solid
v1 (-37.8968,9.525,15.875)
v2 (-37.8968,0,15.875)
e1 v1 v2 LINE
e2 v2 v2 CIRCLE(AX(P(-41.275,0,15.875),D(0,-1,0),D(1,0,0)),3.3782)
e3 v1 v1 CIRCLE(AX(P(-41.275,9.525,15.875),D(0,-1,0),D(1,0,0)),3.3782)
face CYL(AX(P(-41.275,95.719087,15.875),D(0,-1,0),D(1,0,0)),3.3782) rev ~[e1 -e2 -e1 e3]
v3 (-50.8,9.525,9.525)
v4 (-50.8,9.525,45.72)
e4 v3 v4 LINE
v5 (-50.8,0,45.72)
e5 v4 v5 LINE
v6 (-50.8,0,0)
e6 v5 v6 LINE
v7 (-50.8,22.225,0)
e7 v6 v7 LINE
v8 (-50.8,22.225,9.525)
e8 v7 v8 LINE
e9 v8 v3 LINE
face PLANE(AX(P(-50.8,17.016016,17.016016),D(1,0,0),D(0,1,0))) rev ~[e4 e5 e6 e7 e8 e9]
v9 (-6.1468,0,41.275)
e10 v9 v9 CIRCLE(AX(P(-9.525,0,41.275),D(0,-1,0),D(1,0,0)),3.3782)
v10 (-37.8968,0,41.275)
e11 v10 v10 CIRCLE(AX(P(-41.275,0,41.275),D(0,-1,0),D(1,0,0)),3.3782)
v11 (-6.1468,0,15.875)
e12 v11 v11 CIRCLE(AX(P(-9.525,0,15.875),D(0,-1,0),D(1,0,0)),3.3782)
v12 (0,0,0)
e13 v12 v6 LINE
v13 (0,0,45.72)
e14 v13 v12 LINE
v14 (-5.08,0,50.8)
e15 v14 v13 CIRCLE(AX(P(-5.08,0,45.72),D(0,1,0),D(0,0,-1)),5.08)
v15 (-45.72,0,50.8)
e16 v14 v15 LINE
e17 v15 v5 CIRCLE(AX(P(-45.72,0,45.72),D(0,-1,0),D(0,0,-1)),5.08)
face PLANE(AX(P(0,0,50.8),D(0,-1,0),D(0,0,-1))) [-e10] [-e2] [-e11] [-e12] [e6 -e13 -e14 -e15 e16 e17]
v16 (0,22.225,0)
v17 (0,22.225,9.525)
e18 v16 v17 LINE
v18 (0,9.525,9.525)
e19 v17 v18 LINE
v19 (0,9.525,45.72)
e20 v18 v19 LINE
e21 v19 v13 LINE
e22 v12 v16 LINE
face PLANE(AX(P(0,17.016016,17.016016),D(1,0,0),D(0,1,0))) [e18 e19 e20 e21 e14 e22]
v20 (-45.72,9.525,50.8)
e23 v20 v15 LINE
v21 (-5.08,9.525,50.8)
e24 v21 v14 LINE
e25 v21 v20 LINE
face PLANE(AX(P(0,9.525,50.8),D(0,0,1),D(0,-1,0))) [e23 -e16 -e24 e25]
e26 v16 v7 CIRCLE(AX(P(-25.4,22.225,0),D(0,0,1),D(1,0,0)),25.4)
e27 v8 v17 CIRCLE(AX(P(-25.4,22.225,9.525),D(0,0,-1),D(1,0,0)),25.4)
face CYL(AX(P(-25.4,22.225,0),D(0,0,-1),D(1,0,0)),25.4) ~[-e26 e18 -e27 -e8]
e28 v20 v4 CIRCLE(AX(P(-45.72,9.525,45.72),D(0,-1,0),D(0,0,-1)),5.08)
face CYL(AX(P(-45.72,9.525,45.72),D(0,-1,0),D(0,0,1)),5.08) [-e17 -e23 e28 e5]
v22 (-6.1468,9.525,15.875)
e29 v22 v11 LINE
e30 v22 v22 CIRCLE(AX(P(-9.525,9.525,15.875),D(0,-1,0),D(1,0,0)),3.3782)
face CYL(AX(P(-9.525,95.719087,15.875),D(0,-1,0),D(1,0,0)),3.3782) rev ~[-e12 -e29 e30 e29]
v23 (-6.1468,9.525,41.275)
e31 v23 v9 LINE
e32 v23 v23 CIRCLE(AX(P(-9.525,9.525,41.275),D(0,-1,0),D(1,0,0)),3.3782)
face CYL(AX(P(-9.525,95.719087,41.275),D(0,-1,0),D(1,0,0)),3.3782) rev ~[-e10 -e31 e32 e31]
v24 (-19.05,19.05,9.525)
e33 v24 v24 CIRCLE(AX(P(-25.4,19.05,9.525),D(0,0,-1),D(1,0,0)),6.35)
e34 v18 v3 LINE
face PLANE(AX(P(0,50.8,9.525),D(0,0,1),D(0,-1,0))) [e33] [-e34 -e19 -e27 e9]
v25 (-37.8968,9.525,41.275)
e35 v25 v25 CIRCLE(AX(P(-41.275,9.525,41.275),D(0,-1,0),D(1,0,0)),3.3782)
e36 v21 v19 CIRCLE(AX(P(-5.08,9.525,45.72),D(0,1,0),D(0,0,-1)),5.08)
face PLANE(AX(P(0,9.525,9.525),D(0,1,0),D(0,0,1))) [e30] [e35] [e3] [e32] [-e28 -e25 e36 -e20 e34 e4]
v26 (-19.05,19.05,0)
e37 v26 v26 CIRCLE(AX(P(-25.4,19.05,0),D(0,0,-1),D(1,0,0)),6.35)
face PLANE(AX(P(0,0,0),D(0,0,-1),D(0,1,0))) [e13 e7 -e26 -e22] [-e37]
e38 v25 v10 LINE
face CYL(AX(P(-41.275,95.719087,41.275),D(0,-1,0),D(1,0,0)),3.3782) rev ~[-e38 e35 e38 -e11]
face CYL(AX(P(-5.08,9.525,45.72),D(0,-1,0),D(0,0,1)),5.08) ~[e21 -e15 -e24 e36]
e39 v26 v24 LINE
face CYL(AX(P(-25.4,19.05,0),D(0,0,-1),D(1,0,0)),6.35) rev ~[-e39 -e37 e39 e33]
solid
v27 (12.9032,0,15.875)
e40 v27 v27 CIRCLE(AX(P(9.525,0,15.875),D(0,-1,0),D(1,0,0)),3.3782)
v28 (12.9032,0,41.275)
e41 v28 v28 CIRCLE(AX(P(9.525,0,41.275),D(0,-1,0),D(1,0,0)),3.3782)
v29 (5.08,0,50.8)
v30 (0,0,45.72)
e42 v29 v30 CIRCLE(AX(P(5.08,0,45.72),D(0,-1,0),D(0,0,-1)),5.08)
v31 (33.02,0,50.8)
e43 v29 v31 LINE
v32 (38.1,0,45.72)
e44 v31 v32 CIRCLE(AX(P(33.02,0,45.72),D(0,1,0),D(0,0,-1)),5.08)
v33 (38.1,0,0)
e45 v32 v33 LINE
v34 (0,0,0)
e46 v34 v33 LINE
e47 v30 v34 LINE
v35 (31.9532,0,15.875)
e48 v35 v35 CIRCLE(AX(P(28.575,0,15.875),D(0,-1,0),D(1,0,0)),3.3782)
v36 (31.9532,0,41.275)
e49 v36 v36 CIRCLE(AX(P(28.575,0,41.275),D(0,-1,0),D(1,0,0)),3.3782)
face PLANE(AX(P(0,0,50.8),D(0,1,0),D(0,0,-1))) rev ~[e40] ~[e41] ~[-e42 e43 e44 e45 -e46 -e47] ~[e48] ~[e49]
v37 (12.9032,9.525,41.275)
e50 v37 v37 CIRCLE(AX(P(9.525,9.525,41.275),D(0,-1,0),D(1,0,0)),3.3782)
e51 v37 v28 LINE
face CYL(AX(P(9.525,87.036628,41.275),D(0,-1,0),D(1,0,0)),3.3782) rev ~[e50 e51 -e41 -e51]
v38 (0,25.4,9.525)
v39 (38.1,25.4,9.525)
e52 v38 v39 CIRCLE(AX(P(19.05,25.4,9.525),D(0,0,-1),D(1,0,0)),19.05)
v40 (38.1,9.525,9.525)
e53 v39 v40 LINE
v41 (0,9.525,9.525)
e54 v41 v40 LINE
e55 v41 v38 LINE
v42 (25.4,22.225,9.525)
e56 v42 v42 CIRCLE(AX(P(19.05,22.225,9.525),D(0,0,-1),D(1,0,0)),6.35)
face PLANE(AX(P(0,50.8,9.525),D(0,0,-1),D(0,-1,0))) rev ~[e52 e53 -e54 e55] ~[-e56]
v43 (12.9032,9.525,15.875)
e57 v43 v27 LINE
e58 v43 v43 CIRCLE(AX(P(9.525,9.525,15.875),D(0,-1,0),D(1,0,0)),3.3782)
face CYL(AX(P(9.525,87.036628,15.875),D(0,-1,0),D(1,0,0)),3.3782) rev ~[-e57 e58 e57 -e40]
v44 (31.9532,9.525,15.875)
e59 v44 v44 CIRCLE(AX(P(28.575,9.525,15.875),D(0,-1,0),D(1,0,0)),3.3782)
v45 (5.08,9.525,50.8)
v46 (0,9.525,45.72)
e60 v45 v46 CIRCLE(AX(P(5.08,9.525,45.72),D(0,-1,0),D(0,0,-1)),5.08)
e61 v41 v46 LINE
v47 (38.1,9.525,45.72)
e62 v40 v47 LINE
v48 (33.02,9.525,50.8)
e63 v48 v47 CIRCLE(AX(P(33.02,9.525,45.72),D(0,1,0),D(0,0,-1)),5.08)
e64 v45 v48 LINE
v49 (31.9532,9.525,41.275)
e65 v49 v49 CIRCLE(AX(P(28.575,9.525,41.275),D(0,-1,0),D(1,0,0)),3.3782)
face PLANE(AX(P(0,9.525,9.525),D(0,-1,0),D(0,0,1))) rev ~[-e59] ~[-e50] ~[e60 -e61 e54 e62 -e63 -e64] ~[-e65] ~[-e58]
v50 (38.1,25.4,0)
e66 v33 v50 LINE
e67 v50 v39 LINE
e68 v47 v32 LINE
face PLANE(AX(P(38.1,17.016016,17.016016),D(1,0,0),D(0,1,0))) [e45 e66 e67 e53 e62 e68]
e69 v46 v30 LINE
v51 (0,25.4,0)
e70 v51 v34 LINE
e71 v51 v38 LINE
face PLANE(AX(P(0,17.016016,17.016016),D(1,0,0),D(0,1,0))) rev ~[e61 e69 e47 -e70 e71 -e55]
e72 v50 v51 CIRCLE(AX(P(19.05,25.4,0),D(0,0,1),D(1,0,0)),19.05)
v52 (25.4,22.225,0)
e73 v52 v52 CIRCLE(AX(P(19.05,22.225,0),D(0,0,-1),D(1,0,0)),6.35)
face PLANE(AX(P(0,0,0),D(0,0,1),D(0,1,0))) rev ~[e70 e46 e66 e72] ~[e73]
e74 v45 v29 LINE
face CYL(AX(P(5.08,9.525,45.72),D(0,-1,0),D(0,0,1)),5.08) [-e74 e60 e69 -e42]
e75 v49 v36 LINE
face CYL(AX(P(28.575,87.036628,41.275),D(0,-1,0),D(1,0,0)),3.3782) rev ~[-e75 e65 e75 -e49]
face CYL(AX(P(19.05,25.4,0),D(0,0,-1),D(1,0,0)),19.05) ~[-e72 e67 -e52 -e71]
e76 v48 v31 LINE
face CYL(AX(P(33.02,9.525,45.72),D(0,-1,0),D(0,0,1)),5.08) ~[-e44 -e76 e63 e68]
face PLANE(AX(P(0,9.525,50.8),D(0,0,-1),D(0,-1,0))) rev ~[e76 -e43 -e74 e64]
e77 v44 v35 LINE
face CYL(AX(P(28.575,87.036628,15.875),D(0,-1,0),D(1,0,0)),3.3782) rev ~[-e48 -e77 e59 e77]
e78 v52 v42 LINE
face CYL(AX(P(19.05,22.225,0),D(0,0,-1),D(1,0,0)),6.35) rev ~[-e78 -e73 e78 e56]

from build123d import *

# Parameters (mm, degrees)
F1_DEPTH = 38.1
F2_DEPTH = 50.8
F3_R     = 6.35
F4_R     = 6.35
F5_DEPTH = 25.4
F7_D     = 6.7564
F7_2_D   = 6.7564
F8_R     = 5.08
F8_2_R   = 5.08


with BuildPart() as f1:
    # F0 (on Right) → F1 (new body)
    with BuildSketch(Plane.YZ):
        Polygon((9.525, 50.8), (0, 50.8), (0, 0), (50.8, 0), (50.8, 9.525), (9.525, 9.525), align=None)
    extrude(amount=F1_DEPTH)


with BuildPart() as f2:
    # F0 (on Right) → F2 (new body)
    with BuildSketch(Plane.YZ):
        Polygon((9.525, 50.8), (0, 50.8), (0, 0), (50.8, 0), (50.8, 9.525), (9.525, 9.525), align=None)
    extrude(amount=-F2_DEPTH)


with BuildPart() as f5_tool:
    # F3 (on face) + F4 (on face) → F5 (new body)
    with BuildSketch(Plane(origin=(0, 0, 0), x_dir=(1, 0, 0), z_dir=(0, 0, -1))):
        with Locations((19.05, -22.225)):
            Circle(F3_R)
        with BuildLine():
            Line((38.1, -50.8), (38.1, -25.4))
            ThreePointArc((38.1, -25.4), (19.05, -44.45), (0, -25.4))
            Line((0, -25.4), (0, -50.8))
            Line((0, -50.8), (38.1, -50.8))
        make_face()
    with BuildSketch(Plane(origin=(0, 0, 0), x_dir=(1, 0, 0), z_dir=(0, 0, -1))):
        with Locations((-25.4, -19.05)):
            Circle(F4_R)
        with BuildLine():
            Line((0, -50.8), (0, -22.225))
            ThreePointArc((0, -22.225), (-25.4, -47.625), (-50.8, -22.225))
            Line((-50.8, -22.225), (-50.8, -50.8))
            Line((-50.8, -50.8), (0, -50.8))
        make_face()
    extrude(amount=-F5_DEPTH)


with BuildPart() as f1_1:
    add(f1.part)

    # F5: cut by f5_tool
    add(f5_tool.part, mode=Mode.SUBTRACT)

    # F7 (through all)
    with Locations(Plane(origin=(0, 9.525, 0), x_dir=(-1, 0, 0), z_dir=(0, 1, 0))):
        with Locations((-28.575, 41.275), (-9.525, 41.275), (-9.525, 15.875), (-28.575, 15.875), (9.525, 41.275), (9.525, 15.875), (41.275, 15.875), (41.275, 41.275)):
            Hole(F7_D / 2)

    # F8
    f8_edges = [f1_1.edges().sort_by_distance(p)[0] for p in [
        (38.1, 4.7625, 50.8),
        (0, 4.7625, 50.8),
    ]]
    fillet(f8_edges, radius=F8_R)


with BuildPart() as f2_1:
    add(f2.part)

    # F5: cut by f5_tool
    add(f5_tool.part, mode=Mode.SUBTRACT)

    # F7#2 (through all)
    with Locations(Plane(origin=(0, 9.525, 0), x_dir=(-1, 0, 0), z_dir=(0, 1, 0))):
        with Locations((-28.575, 41.275), (-9.525, 41.275), (-9.525, 15.875), (-28.575, 15.875), (9.525, 41.275), (9.525, 15.875), (41.275, 15.875), (41.275, 41.275)):
            Hole(F7_2_D / 2)

    # F8#2
    f8_2_edges = [f2_1.edges().sort_by_distance(p)[0] for p in [
        (0, 4.7625, 50.8),
        (-50.8, 4.7625, 50.8),
    ]]
    fillet(f8_2_edges, radius=F8_2_R)


solid = Compound([f1_1.part, f2_1.part])
